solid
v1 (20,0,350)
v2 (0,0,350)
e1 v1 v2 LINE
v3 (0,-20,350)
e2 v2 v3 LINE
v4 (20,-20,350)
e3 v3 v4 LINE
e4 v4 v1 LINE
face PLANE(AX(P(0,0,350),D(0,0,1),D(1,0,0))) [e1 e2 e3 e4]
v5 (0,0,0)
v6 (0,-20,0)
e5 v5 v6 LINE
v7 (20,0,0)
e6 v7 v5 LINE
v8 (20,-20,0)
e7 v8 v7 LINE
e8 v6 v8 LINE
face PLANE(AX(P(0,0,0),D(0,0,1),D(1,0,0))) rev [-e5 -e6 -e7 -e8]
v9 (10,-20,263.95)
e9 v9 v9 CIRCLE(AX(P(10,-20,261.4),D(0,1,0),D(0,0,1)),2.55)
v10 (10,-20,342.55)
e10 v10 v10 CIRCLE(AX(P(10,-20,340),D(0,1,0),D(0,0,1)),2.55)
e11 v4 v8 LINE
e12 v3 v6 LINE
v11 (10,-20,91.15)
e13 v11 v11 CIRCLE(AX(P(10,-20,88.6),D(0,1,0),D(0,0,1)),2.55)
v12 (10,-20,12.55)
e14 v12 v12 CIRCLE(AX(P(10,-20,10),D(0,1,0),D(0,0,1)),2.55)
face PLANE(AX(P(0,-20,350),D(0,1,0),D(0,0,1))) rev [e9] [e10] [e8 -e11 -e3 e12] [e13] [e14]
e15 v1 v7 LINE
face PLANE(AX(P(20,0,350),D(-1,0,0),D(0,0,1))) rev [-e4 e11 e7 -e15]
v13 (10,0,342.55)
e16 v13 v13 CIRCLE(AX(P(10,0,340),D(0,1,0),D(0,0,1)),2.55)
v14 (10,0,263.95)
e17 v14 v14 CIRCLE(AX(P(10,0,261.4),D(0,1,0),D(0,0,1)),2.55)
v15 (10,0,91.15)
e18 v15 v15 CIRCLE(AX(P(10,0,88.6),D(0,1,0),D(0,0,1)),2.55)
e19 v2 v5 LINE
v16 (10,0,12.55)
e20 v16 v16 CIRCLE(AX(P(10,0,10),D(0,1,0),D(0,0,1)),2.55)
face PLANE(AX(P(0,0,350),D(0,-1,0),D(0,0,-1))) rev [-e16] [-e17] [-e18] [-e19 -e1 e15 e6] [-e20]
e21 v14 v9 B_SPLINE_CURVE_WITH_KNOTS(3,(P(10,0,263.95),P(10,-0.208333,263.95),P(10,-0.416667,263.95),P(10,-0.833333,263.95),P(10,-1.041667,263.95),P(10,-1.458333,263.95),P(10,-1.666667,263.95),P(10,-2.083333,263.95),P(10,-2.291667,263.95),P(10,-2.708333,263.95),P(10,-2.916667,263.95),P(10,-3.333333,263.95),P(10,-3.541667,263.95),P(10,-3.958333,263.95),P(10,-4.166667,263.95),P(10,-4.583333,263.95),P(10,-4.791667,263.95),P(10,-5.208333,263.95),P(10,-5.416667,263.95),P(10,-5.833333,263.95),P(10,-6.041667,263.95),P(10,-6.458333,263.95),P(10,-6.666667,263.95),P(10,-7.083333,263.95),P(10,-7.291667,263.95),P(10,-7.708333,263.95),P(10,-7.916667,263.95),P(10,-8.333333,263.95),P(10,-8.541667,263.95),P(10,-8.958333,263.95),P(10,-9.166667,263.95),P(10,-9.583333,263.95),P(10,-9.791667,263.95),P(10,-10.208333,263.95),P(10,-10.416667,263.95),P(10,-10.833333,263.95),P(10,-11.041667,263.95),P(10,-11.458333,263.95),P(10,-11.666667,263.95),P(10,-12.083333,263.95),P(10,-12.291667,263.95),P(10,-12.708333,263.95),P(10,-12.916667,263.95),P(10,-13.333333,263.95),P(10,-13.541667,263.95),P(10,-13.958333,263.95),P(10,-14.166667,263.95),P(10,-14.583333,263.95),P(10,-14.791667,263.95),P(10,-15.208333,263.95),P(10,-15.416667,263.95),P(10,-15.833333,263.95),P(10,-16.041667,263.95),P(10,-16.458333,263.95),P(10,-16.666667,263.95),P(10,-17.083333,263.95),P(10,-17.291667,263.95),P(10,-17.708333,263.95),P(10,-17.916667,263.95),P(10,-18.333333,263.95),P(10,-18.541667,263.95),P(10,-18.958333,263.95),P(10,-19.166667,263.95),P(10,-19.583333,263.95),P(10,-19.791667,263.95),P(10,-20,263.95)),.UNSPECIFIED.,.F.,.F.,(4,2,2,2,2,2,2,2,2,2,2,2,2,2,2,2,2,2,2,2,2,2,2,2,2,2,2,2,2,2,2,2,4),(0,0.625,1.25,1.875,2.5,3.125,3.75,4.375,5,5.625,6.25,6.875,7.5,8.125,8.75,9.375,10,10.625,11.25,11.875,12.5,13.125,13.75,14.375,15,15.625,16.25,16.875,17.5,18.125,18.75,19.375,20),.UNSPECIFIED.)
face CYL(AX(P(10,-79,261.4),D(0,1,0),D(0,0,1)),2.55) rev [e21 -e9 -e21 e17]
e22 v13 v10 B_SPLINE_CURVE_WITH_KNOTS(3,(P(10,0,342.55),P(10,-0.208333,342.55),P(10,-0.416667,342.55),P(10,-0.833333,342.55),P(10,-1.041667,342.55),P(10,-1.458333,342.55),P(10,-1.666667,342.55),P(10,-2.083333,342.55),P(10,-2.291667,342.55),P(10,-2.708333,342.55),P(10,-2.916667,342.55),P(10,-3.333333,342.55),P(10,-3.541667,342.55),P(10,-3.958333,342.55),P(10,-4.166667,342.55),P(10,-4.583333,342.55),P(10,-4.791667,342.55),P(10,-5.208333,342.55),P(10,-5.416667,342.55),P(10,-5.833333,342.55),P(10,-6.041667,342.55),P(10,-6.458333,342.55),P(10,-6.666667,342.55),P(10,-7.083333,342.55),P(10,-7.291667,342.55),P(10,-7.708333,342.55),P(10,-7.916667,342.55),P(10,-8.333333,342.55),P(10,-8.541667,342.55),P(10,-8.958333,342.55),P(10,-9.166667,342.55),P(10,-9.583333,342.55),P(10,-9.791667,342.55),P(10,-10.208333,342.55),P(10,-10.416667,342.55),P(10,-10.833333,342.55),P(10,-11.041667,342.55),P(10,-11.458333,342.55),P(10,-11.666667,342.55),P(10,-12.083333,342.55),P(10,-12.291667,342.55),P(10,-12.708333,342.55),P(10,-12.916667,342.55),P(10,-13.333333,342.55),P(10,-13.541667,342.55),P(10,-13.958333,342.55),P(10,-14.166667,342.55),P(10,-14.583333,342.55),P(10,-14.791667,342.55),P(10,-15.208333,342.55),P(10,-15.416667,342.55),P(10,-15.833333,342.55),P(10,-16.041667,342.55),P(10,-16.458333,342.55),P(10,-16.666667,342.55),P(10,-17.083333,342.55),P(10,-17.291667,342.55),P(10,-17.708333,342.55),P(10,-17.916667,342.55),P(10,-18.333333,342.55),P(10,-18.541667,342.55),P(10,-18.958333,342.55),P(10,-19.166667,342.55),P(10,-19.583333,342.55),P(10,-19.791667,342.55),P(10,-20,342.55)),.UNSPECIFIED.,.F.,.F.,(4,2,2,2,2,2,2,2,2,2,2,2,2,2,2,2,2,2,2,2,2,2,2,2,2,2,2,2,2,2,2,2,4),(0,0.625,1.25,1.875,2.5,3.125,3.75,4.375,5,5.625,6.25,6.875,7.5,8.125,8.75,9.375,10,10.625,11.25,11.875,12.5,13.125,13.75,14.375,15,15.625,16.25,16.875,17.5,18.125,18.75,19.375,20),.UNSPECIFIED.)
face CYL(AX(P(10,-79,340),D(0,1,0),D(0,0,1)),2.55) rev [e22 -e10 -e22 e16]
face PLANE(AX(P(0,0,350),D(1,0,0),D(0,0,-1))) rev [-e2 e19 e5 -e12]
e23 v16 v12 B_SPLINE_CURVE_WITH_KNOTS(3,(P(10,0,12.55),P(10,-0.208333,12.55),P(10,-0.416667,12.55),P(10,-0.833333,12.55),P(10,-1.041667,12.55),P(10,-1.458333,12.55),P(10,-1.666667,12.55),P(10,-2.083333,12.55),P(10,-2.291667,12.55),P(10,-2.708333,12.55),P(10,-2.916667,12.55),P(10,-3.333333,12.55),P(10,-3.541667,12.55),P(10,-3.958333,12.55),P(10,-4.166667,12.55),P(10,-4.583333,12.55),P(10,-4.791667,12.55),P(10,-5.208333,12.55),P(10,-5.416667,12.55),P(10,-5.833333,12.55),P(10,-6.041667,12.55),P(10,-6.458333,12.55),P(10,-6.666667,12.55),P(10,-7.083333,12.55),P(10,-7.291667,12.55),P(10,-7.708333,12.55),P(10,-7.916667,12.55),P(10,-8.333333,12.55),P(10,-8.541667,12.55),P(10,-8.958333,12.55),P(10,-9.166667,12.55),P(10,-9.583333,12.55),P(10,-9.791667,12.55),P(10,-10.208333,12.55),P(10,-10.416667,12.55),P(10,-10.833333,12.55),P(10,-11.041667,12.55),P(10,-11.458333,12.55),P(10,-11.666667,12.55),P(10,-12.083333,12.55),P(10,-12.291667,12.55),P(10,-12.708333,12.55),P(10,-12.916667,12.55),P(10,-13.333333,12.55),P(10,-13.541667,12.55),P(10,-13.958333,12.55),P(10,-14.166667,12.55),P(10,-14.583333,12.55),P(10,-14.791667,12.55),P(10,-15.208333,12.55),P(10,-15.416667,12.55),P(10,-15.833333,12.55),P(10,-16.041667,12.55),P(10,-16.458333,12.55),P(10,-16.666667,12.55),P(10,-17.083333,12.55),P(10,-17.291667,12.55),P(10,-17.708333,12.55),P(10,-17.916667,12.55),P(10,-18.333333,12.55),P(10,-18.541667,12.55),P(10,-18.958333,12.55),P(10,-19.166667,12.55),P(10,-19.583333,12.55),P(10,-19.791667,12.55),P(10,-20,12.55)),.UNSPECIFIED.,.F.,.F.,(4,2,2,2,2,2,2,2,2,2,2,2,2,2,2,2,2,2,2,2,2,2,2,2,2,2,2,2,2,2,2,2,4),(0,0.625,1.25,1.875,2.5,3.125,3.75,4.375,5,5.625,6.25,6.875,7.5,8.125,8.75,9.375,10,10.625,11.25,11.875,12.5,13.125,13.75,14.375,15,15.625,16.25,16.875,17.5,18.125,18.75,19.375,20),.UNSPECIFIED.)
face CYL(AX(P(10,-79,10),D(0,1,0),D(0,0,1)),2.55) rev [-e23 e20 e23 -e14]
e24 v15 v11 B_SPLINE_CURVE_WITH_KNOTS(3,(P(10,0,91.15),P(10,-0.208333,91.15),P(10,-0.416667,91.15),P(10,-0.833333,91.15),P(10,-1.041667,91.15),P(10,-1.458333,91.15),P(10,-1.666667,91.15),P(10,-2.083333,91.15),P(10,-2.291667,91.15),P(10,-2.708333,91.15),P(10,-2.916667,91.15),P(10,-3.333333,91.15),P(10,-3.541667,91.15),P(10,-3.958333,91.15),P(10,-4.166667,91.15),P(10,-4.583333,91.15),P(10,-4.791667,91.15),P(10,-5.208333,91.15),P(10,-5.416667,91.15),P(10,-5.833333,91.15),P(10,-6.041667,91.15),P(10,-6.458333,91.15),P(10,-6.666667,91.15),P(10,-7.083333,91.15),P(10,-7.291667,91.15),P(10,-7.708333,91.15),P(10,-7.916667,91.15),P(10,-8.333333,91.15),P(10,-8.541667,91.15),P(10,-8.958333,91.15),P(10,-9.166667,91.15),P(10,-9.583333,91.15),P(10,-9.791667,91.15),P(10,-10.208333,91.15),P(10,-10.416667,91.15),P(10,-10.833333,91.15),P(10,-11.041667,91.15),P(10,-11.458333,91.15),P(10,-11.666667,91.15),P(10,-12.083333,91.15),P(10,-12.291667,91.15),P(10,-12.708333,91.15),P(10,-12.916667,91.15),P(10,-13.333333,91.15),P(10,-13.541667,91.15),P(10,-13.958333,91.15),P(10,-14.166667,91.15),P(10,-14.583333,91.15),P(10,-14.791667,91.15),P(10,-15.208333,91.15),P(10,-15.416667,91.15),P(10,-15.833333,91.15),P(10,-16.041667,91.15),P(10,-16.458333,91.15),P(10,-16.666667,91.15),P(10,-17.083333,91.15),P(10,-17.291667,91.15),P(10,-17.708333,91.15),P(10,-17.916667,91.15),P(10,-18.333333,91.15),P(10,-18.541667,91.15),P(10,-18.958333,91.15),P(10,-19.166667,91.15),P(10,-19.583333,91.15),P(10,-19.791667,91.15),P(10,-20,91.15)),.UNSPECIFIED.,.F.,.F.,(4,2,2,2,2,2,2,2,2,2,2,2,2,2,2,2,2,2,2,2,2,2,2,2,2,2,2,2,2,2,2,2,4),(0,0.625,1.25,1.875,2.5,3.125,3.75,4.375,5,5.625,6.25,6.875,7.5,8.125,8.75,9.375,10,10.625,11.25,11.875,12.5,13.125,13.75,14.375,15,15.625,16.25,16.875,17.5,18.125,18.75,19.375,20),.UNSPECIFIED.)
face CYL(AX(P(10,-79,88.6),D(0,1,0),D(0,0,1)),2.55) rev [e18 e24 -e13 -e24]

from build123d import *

# Parameters (mm, degrees)
SKETCH_1_W          = 20
SKETCH_1_H          = 20
EXTRUDE_1_DEPTH     = 350
SKETCH_2_R          = 2.55
CUT_EXTRUDE_1_DEPTH = 79


with BuildPart() as part:
    # 草图1 → 凸台-拉伸1 (new body)
    with BuildSketch(Plane.XY):
        with Locations((10, -10)):
            Rectangle(SKETCH_1_W, SKETCH_1_H)
    extrude(amount=EXTRUDE_1_DEPTH)

    # 草图2 → 切除-拉伸1 (cut)
    with BuildSketch(Plane(origin=(0, 0, 0), x_dir=(1, 0, 0), z_dir=(0, 1, 0))):
        with Locations(Location((10, -340, 0), (0, 0, 270))):
            Circle(SKETCH_2_R)
        with Locations(Location((10, -10, 0), (0, 0, 270))):
            Circle(SKETCH_2_R)
        with Locations(Location((10, -261.4, 0), (0, 0, 270))):
            Circle(SKETCH_2_R)
        with Locations(Location((10, -88.6, 0), (0, 0, 270))):
            Circle(SKETCH_2_R)
    extrude(amount=-CUT_EXTRUDE_1_DEPTH, mode=Mode.SUBTRACT)


solid = part.part
